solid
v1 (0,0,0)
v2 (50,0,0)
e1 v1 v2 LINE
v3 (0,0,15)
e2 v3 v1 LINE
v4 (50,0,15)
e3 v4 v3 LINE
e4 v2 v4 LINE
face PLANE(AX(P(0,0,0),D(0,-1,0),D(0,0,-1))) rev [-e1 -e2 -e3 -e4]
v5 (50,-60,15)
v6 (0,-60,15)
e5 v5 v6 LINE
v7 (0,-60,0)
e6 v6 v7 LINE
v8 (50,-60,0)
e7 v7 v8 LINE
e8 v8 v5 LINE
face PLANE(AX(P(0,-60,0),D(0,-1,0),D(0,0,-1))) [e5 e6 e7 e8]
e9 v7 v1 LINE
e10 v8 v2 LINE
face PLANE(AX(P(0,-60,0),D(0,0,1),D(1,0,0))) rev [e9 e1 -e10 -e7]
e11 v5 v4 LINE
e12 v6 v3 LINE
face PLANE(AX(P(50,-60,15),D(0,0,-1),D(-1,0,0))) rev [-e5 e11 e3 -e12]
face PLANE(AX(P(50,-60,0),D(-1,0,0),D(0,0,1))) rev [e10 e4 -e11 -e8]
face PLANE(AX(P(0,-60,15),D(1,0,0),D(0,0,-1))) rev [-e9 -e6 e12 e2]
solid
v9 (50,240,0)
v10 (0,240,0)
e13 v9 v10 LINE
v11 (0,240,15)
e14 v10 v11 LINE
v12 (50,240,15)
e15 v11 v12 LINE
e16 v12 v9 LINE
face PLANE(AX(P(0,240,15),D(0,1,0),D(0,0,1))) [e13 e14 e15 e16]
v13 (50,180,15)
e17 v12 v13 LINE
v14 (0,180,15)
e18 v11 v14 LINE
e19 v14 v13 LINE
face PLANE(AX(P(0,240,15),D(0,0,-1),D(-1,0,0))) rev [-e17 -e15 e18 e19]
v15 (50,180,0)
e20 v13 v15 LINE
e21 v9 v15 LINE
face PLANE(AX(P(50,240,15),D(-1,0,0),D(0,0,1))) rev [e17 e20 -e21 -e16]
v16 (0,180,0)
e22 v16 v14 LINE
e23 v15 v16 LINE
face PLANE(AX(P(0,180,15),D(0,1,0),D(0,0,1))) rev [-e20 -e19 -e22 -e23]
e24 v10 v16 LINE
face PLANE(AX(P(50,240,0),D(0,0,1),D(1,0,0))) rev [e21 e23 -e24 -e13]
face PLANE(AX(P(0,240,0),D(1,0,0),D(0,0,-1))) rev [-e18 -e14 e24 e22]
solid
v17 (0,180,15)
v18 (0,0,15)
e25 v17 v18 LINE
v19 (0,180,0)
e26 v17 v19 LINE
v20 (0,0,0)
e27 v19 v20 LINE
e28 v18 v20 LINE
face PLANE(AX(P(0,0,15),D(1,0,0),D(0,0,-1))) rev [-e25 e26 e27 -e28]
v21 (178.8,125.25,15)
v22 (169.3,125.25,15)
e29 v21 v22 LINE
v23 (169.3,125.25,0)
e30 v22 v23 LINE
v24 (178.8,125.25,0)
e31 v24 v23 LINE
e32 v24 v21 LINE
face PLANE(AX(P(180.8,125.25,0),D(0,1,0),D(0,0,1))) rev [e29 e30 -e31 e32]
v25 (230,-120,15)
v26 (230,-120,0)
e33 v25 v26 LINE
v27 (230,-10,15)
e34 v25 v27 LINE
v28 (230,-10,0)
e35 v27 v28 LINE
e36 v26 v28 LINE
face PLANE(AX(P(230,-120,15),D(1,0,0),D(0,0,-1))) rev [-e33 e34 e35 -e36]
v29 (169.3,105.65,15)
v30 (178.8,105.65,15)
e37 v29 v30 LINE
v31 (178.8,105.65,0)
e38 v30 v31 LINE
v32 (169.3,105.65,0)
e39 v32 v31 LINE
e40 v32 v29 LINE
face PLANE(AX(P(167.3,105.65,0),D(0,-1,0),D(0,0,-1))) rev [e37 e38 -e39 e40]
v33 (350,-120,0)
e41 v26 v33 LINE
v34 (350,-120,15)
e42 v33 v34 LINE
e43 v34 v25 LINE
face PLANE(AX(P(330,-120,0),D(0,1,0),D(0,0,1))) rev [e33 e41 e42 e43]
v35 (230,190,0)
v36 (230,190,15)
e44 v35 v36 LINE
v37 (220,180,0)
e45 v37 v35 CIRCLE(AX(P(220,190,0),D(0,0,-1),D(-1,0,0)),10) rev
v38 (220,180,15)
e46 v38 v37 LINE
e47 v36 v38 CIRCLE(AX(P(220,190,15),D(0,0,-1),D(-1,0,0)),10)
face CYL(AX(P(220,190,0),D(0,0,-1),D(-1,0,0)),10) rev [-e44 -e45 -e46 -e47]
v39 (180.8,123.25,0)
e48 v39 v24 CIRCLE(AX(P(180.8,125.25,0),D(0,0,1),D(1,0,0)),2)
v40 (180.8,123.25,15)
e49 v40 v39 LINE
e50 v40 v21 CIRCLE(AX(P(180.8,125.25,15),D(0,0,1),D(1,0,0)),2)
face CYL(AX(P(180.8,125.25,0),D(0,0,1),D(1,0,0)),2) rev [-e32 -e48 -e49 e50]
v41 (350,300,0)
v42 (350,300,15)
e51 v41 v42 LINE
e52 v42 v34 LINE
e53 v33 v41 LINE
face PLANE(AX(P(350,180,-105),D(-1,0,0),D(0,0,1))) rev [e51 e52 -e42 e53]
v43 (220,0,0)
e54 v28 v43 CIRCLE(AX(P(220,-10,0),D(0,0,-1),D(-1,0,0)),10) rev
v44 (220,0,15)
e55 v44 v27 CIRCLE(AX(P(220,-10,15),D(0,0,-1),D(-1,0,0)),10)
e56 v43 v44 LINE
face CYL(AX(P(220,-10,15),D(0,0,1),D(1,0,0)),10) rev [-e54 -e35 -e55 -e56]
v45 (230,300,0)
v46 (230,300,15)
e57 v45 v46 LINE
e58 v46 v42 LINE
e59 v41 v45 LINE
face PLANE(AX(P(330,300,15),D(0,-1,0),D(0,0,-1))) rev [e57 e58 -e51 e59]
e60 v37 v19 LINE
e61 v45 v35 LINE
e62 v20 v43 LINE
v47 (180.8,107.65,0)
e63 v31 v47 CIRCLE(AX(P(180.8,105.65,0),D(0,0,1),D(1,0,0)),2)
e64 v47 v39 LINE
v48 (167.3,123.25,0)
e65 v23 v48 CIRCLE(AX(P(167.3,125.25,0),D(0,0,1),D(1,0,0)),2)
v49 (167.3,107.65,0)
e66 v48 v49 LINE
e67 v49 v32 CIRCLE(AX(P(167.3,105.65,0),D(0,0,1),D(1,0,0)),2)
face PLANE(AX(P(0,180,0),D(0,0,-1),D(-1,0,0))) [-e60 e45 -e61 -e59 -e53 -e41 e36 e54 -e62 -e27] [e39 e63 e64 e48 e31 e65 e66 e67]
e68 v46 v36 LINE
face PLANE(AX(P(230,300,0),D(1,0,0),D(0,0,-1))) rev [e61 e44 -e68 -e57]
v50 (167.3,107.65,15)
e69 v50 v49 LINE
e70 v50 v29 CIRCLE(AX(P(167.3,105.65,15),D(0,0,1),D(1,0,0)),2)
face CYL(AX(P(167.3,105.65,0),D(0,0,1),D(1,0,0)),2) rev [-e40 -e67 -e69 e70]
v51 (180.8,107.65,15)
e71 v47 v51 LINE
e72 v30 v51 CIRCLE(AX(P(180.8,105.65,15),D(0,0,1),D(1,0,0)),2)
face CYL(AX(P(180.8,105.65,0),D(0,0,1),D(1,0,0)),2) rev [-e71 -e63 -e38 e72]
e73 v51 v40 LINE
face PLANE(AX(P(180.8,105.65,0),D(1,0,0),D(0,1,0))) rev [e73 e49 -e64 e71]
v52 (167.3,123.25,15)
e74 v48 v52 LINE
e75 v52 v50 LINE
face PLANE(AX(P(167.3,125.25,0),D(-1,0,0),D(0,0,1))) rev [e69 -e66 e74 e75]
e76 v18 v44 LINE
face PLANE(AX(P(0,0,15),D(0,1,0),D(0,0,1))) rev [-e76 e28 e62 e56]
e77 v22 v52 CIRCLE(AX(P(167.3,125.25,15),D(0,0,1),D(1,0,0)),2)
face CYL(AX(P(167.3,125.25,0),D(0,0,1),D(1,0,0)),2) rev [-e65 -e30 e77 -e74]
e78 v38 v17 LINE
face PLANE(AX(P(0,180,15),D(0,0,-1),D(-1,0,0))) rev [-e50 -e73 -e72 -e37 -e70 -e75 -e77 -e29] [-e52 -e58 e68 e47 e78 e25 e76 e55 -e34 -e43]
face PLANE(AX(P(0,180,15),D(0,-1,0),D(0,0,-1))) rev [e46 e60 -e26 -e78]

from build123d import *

# Parameters (mm, degrees)
SKETCH_1_W          = 400
SKETCH_1_H          = 180
EXTRUDE_1_DEPTH     = 15
SKETCH_3_W          = 9.5
SKETCH_3_H          = 15.6
CUT_EXTRUDE_2_DEPTH = 439.890646973
SKETCH_4_W          = 13.5
SKETCH_4_H          = 19.6
CUT_EXTRUDE_3_DEPTH = 439.890646973
SKETCH_5_R          = 2
CUT_EXTRUDE_4_DEPTH = 439.890646973
SKETCH_6_W          = 100
SKETCH_6_H          = 15
EXTRUDE_2_DEPTH     = 120
SKETCH_7_W          = 100
SKETCH_7_H          = 15
EXTRUDE_3_DEPTH     = 120
FILLET_1_R          = 10
SKETCH_8_W          = 50
SKETCH_8_H          = 180
CUT_EXTRUDE_5_DEPTH = 120
FILLET_2_R          = 10
SKETCH_9_W          = 50
SKETCH_9_H          = 15
EXTRUDE_4_DEPTH     = 60
SKETCH_10_W         = 50
SKETCH_10_H         = 15
EXTRUDE_5_DEPTH     = 60
SKETCH_11_W         = 20
SKETCH_11_H         = 120
EXTRUDE_6_DEPTH     = 15


with BuildPart() as part:
    # 草图1 → 凸台-拉伸1 (new body)
    with BuildSketch(Plane.XY):
        with Locations((200, 90)):
            Rectangle(SKETCH_1_W, SKETCH_1_H)
    extrude(amount=EXTRUDE_1_DEPTH)

    # 草图3 → 切除-拉伸2 (cut, through all)
    with BuildSketch(Plane.XY.offset(15)):
        with Locations((174.05, 115.45)):
            Rectangle(SKETCH_3_W, SKETCH_3_H)
    extrude(amount=-CUT_EXTRUDE_2_DEPTH, mode=Mode.SUBTRACT)

    # 草图4 → 切除-拉伸3 (cut, through all)
    with BuildSketch(Plane.XY.offset(15)):
        with Locations((174.05, 115.45)):
            Rectangle(SKETCH_4_W, SKETCH_4_H)
    extrude(amount=-CUT_EXTRUDE_3_DEPTH, mode=Mode.SUBTRACT)

    # 草图5 → 切除-拉伸4 (cut, through all)
    with BuildSketch(Plane.XY.offset(15)):
        with Locations((167.3, 125.25)):
            Circle(SKETCH_5_R)
        with Locations((167.3, 105.65)):
            Circle(SKETCH_5_R)
        with Locations((180.8, 105.65)):
            Circle(SKETCH_5_R)
        with Locations((180.8, 125.25)):
            Circle(SKETCH_5_R)
    extrude(amount=-CUT_EXTRUDE_4_DEPTH, mode=Mode.SUBTRACT)

    # 草图6 → 凸台-拉伸2 (add)
    with BuildSketch(Plane(origin=(0, 180, 0), x_dir=(1, 0, 0), z_dir=(0, 1, 0))):
        with Locations((280, -7.5)):
            Rectangle(SKETCH_6_W, SKETCH_6_H)
    extrude(amount=EXTRUDE_2_DEPTH)

    # 草图7 → 凸台-拉伸3 (add)
    with BuildSketch(Plane.XZ):
        with Locations((280, 7.5)):
            Rectangle(SKETCH_7_W, SKETCH_7_H)
    extrude(amount=EXTRUDE_3_DEPTH)

    # 圆角1
    fillet_1_edges = [part.edges().sort_by_distance(p)[0] for p in [
        (230, 0, 7.5),
        (230, 180, 7.5),
    ]]
    fillet(fillet_1_edges, radius=FILLET_1_R)

    # 草图8 → 切除-拉伸5 (cut)
    with BuildSketch(Plane.XY.offset(15)):
        with Locations((375, 90)):
            Rectangle(SKETCH_8_W, SKETCH_8_H)
    extrude(amount=-CUT_EXTRUDE_5_DEPTH, mode=Mode.SUBTRACT)

    # 圆角2
    fillet_2_edges = [part.edges().sort_by_distance(p)[0] for p in [
        (330, 0, 7.5),
        (330, 180, 7.5),
    ]]
    fillet(fillet_2_edges, radius=FILLET_2_R)

    # 草图11 → 凸台-拉伸6 (add)
    with BuildSketch(Plane.XY.offset(15)):
        with Locations((340, -60)):
            Rectangle(SKETCH_11_W, SKETCH_11_H)
        with Locations((340, 240)):
            Rectangle(SKETCH_11_W, SKETCH_11_H)
    extrude(amount=-EXTRUDE_6_DEPTH)


with BuildPart() as body_2:
    # 草图9 → 凸台-拉伸4 (new body)
    with BuildSketch(Plane(origin=(0, 180, 0), x_dir=(1, 0, 0), z_dir=(0, 1, 0))):
        with Locations((25, -7.5)):
            Rectangle(SKETCH_9_W, SKETCH_9_H)
    extrude(amount=EXTRUDE_4_DEPTH)


with BuildPart() as body_3:
    # 草图10 → 凸台-拉伸5 (new body)
    with BuildSketch(Plane.XZ):
        with Locations((25, 7.5)):
            Rectangle(SKETCH_10_W, SKETCH_10_H)
    extrude(amount=EXTRUDE_5_DEPTH)


solid = Compound([part.part, body_2.part, body_3.part])
